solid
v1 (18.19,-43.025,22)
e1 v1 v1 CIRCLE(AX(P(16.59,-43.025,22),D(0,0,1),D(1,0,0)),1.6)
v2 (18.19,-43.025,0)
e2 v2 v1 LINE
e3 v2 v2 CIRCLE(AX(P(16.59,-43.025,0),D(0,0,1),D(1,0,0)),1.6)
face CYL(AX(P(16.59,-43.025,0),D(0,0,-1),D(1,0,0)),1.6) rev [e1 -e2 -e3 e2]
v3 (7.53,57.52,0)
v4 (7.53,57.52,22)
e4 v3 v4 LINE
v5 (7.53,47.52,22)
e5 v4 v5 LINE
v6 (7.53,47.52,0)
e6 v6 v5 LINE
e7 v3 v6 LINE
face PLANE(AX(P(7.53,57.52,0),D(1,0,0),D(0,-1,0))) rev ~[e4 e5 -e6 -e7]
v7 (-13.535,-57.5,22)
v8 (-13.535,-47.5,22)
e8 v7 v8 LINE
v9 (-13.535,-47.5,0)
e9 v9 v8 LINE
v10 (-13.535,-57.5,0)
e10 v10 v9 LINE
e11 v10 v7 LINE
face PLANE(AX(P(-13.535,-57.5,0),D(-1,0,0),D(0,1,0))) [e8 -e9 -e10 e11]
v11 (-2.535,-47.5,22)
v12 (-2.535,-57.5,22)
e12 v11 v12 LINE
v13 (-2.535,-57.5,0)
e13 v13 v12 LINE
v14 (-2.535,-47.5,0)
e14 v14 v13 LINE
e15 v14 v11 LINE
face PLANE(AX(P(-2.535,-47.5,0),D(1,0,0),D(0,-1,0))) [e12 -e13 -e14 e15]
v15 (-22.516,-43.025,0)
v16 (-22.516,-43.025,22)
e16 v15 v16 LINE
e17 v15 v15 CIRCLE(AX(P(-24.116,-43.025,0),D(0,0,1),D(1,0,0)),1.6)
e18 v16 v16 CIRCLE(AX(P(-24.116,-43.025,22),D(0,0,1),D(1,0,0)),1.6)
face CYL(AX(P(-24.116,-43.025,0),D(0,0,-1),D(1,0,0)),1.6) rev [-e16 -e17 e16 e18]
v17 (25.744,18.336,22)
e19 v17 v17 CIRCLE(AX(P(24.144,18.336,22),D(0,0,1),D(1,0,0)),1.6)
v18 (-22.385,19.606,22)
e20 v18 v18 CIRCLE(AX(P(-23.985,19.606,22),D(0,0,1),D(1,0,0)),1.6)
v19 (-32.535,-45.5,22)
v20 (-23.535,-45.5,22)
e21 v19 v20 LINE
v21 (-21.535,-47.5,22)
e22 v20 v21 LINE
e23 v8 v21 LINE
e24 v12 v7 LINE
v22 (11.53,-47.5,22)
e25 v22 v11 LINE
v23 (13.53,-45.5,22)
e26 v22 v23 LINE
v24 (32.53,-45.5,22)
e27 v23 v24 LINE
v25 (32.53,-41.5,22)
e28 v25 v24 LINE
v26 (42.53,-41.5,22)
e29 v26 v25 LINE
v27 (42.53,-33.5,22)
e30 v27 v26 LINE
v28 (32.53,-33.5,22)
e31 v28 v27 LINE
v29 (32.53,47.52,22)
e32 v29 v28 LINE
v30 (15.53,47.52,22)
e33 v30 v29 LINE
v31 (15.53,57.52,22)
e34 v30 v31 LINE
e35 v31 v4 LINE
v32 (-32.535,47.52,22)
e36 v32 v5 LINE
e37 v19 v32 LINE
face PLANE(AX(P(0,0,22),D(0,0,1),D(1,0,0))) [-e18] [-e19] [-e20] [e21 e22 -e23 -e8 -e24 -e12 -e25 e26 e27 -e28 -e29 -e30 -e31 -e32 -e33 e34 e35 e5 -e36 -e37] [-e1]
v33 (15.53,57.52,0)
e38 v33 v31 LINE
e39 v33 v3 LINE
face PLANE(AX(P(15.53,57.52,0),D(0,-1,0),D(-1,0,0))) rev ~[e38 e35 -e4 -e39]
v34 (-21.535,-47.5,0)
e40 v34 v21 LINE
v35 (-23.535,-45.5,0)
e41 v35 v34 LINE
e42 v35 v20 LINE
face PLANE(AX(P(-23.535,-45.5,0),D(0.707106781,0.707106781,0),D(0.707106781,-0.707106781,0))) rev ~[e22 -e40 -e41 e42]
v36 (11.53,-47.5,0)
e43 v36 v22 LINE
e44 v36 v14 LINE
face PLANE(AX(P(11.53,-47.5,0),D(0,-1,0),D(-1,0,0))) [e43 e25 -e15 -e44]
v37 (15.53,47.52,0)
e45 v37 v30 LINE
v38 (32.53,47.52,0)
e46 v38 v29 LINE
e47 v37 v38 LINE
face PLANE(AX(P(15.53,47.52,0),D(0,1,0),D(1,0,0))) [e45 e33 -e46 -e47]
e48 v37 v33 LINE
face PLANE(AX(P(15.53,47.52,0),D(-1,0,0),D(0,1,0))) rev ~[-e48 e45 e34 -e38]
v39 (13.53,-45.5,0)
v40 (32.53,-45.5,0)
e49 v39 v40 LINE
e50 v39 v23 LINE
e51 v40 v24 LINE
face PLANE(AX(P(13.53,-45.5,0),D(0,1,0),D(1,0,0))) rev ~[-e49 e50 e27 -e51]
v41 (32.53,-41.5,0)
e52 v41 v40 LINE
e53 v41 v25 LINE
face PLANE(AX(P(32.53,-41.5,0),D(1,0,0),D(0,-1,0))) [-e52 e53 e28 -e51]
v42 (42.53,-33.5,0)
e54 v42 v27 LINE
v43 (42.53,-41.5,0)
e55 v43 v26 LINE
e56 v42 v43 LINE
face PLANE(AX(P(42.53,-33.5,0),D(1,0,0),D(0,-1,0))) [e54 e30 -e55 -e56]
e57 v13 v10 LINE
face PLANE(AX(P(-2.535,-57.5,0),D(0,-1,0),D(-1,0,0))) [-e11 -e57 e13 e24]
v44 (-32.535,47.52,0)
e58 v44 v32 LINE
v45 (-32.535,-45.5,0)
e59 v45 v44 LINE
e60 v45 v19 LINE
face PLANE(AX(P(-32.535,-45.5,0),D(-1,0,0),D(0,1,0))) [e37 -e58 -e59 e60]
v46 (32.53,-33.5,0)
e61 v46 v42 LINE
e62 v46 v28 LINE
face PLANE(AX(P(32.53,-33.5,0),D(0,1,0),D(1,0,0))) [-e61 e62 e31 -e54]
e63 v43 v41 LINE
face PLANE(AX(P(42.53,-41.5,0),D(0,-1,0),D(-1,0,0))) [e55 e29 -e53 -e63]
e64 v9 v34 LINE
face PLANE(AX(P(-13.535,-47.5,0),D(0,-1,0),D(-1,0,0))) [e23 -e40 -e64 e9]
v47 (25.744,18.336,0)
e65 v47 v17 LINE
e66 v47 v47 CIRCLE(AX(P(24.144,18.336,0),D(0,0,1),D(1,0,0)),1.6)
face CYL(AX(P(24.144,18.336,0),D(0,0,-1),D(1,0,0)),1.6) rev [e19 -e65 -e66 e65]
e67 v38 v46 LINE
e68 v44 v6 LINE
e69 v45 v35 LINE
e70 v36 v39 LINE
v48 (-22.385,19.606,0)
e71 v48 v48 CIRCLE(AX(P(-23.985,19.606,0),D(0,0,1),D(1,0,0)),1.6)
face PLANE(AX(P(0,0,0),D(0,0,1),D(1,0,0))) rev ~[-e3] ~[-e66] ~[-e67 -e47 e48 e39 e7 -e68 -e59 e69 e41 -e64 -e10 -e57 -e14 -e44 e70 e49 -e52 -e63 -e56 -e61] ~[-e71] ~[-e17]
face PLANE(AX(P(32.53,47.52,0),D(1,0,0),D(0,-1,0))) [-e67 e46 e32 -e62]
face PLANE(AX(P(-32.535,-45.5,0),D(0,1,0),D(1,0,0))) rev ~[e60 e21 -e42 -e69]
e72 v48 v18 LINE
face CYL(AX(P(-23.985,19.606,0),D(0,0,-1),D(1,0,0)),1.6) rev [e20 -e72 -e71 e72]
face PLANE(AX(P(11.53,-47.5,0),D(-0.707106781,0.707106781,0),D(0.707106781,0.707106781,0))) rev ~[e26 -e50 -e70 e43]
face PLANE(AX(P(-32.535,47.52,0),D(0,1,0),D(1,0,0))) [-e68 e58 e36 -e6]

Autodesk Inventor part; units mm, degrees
ref_plane "YZ Plane" through (0, 0, 0) normal (1, 0, 0) x (0, 1, 0)
ref_plane "XZ Plane" through (0, 0, 0) normal (0, 1, 0) x (-1, 0, 0)
ref_plane "XY Plane" through (0, 0, 0) normal (0, 0, 1) x (1, 0, 0)
sketch "Sketch2" plane through (0, 0, 0) normal (0, 0, 1) x (1, 0, 0)
  line L0 (11.53, -47.5) -> (-21.535, -47.5)
  line L1 (-32.535, -45.5) -> (-32.535, 47.52)
  line L2 (-32.535, 47.52) -> (32.53, 47.52)
  line L3 (32.53, 47.52) -> (32.53, -45.5)
  line L4 (32.5312, -47.5238) -> (-32.535, 47.52) construction
  line L5 (-32.53, -47.52) -> (32.53, 47.52) construction
  line L6 (-32.535, -45.5) -> (-23.535, -45.5)
  line L7 (-23.535, -45.5) -> (-21.535, -47.5)
  line L8 (11.53, -47.5) -> (13.53, -45.5)
  line L9 (13.53, -45.5) -> (32.53, -45.5)
  circle A0 centre (-24.116, -43.025) radius 1.6
  circle A1 centre (16.59, -43.025) radius 1.6
  circle A2 centre (-23.985, 19.606) radius 1.6
  circle A3 centre (24.144, 18.336) radius 1.6
  line L10 (-47.548, 0) -> (57.543, 0) construction
  line L11 (0, 80.524) -> (0, -80.504) construction
  line L12 (-13.535, -47.5) -> (-2.535, -47.5)
  line L13 (-2.535, -47.5) -> (-2.535, -57.5)
  line L14 (-2.535, -57.5) -> (-13.535, -57.5)
  line L15 (-13.535, -57.5) -> (-13.535, -47.5)
  line L16 (32.53, -33.5) -> (42.53, -33.5)
  line L17 (42.53, -33.5) -> (42.53, -41.5)
  line L18 (42.53, -41.5) -> (32.53, -41.5)
  line L19 (32.53, -41.5) -> (32.53, -33.5)
  line L20 (7.53, 47.52) -> (15.53, 47.52)
  line L21 (15.53, 47.52) -> (15.53, 57.52)
  line L22 (15.53, 57.52) -> (7.53, 57.52)
  line L23 (7.53, 57.52) -> (7.53, 47.52)
  point P0 (-0.0016, -0.0023)
  point P1 (0, 0)
  point P2 (0, 0)
  point P3 (15.53, 47.52)
  dimension "d56" = 65.065
  dimension "d57" = 95.02
  dimension "d58" = 2
  dimension "d59" = 9
  dimension "d60" = 11
  dimension "d61" = 21
  dimension "d62" = 19
  dimension "d63" = 8.419
  dimension "d64" = 3.2
  dimension "d65" = 2.475
  dimension "d66" = 2.475
  dimension "d67" = 15.94
  dimension "d68" = 8.55
  dimension "d70" = 3.2
  dimension "d71" = 3.2
  dimension "d72" = 3.2
  dimension "d73" = 63.836
  dimension "d75" = 47.52
  dimension "d76" = 32.535
  dimension "d77" = 19
  dimension "d78" = 11
  dimension "d79" = 10
  dimension "d80" = 4
  dimension "d81" = 8
  dimension "d82" = 10
  dimension "d83" = 8
  dimension "d84" = 10
  dimension "d85" = 17
  dimension "d86" = 62.631
  dimension "d87" = 56.679
extrude "Extrusion1" add sketch "Sketch2" along normal blind 22
equation "\"d66\" = d65"
properties part number "P016_FondBoitierCapteurs"
